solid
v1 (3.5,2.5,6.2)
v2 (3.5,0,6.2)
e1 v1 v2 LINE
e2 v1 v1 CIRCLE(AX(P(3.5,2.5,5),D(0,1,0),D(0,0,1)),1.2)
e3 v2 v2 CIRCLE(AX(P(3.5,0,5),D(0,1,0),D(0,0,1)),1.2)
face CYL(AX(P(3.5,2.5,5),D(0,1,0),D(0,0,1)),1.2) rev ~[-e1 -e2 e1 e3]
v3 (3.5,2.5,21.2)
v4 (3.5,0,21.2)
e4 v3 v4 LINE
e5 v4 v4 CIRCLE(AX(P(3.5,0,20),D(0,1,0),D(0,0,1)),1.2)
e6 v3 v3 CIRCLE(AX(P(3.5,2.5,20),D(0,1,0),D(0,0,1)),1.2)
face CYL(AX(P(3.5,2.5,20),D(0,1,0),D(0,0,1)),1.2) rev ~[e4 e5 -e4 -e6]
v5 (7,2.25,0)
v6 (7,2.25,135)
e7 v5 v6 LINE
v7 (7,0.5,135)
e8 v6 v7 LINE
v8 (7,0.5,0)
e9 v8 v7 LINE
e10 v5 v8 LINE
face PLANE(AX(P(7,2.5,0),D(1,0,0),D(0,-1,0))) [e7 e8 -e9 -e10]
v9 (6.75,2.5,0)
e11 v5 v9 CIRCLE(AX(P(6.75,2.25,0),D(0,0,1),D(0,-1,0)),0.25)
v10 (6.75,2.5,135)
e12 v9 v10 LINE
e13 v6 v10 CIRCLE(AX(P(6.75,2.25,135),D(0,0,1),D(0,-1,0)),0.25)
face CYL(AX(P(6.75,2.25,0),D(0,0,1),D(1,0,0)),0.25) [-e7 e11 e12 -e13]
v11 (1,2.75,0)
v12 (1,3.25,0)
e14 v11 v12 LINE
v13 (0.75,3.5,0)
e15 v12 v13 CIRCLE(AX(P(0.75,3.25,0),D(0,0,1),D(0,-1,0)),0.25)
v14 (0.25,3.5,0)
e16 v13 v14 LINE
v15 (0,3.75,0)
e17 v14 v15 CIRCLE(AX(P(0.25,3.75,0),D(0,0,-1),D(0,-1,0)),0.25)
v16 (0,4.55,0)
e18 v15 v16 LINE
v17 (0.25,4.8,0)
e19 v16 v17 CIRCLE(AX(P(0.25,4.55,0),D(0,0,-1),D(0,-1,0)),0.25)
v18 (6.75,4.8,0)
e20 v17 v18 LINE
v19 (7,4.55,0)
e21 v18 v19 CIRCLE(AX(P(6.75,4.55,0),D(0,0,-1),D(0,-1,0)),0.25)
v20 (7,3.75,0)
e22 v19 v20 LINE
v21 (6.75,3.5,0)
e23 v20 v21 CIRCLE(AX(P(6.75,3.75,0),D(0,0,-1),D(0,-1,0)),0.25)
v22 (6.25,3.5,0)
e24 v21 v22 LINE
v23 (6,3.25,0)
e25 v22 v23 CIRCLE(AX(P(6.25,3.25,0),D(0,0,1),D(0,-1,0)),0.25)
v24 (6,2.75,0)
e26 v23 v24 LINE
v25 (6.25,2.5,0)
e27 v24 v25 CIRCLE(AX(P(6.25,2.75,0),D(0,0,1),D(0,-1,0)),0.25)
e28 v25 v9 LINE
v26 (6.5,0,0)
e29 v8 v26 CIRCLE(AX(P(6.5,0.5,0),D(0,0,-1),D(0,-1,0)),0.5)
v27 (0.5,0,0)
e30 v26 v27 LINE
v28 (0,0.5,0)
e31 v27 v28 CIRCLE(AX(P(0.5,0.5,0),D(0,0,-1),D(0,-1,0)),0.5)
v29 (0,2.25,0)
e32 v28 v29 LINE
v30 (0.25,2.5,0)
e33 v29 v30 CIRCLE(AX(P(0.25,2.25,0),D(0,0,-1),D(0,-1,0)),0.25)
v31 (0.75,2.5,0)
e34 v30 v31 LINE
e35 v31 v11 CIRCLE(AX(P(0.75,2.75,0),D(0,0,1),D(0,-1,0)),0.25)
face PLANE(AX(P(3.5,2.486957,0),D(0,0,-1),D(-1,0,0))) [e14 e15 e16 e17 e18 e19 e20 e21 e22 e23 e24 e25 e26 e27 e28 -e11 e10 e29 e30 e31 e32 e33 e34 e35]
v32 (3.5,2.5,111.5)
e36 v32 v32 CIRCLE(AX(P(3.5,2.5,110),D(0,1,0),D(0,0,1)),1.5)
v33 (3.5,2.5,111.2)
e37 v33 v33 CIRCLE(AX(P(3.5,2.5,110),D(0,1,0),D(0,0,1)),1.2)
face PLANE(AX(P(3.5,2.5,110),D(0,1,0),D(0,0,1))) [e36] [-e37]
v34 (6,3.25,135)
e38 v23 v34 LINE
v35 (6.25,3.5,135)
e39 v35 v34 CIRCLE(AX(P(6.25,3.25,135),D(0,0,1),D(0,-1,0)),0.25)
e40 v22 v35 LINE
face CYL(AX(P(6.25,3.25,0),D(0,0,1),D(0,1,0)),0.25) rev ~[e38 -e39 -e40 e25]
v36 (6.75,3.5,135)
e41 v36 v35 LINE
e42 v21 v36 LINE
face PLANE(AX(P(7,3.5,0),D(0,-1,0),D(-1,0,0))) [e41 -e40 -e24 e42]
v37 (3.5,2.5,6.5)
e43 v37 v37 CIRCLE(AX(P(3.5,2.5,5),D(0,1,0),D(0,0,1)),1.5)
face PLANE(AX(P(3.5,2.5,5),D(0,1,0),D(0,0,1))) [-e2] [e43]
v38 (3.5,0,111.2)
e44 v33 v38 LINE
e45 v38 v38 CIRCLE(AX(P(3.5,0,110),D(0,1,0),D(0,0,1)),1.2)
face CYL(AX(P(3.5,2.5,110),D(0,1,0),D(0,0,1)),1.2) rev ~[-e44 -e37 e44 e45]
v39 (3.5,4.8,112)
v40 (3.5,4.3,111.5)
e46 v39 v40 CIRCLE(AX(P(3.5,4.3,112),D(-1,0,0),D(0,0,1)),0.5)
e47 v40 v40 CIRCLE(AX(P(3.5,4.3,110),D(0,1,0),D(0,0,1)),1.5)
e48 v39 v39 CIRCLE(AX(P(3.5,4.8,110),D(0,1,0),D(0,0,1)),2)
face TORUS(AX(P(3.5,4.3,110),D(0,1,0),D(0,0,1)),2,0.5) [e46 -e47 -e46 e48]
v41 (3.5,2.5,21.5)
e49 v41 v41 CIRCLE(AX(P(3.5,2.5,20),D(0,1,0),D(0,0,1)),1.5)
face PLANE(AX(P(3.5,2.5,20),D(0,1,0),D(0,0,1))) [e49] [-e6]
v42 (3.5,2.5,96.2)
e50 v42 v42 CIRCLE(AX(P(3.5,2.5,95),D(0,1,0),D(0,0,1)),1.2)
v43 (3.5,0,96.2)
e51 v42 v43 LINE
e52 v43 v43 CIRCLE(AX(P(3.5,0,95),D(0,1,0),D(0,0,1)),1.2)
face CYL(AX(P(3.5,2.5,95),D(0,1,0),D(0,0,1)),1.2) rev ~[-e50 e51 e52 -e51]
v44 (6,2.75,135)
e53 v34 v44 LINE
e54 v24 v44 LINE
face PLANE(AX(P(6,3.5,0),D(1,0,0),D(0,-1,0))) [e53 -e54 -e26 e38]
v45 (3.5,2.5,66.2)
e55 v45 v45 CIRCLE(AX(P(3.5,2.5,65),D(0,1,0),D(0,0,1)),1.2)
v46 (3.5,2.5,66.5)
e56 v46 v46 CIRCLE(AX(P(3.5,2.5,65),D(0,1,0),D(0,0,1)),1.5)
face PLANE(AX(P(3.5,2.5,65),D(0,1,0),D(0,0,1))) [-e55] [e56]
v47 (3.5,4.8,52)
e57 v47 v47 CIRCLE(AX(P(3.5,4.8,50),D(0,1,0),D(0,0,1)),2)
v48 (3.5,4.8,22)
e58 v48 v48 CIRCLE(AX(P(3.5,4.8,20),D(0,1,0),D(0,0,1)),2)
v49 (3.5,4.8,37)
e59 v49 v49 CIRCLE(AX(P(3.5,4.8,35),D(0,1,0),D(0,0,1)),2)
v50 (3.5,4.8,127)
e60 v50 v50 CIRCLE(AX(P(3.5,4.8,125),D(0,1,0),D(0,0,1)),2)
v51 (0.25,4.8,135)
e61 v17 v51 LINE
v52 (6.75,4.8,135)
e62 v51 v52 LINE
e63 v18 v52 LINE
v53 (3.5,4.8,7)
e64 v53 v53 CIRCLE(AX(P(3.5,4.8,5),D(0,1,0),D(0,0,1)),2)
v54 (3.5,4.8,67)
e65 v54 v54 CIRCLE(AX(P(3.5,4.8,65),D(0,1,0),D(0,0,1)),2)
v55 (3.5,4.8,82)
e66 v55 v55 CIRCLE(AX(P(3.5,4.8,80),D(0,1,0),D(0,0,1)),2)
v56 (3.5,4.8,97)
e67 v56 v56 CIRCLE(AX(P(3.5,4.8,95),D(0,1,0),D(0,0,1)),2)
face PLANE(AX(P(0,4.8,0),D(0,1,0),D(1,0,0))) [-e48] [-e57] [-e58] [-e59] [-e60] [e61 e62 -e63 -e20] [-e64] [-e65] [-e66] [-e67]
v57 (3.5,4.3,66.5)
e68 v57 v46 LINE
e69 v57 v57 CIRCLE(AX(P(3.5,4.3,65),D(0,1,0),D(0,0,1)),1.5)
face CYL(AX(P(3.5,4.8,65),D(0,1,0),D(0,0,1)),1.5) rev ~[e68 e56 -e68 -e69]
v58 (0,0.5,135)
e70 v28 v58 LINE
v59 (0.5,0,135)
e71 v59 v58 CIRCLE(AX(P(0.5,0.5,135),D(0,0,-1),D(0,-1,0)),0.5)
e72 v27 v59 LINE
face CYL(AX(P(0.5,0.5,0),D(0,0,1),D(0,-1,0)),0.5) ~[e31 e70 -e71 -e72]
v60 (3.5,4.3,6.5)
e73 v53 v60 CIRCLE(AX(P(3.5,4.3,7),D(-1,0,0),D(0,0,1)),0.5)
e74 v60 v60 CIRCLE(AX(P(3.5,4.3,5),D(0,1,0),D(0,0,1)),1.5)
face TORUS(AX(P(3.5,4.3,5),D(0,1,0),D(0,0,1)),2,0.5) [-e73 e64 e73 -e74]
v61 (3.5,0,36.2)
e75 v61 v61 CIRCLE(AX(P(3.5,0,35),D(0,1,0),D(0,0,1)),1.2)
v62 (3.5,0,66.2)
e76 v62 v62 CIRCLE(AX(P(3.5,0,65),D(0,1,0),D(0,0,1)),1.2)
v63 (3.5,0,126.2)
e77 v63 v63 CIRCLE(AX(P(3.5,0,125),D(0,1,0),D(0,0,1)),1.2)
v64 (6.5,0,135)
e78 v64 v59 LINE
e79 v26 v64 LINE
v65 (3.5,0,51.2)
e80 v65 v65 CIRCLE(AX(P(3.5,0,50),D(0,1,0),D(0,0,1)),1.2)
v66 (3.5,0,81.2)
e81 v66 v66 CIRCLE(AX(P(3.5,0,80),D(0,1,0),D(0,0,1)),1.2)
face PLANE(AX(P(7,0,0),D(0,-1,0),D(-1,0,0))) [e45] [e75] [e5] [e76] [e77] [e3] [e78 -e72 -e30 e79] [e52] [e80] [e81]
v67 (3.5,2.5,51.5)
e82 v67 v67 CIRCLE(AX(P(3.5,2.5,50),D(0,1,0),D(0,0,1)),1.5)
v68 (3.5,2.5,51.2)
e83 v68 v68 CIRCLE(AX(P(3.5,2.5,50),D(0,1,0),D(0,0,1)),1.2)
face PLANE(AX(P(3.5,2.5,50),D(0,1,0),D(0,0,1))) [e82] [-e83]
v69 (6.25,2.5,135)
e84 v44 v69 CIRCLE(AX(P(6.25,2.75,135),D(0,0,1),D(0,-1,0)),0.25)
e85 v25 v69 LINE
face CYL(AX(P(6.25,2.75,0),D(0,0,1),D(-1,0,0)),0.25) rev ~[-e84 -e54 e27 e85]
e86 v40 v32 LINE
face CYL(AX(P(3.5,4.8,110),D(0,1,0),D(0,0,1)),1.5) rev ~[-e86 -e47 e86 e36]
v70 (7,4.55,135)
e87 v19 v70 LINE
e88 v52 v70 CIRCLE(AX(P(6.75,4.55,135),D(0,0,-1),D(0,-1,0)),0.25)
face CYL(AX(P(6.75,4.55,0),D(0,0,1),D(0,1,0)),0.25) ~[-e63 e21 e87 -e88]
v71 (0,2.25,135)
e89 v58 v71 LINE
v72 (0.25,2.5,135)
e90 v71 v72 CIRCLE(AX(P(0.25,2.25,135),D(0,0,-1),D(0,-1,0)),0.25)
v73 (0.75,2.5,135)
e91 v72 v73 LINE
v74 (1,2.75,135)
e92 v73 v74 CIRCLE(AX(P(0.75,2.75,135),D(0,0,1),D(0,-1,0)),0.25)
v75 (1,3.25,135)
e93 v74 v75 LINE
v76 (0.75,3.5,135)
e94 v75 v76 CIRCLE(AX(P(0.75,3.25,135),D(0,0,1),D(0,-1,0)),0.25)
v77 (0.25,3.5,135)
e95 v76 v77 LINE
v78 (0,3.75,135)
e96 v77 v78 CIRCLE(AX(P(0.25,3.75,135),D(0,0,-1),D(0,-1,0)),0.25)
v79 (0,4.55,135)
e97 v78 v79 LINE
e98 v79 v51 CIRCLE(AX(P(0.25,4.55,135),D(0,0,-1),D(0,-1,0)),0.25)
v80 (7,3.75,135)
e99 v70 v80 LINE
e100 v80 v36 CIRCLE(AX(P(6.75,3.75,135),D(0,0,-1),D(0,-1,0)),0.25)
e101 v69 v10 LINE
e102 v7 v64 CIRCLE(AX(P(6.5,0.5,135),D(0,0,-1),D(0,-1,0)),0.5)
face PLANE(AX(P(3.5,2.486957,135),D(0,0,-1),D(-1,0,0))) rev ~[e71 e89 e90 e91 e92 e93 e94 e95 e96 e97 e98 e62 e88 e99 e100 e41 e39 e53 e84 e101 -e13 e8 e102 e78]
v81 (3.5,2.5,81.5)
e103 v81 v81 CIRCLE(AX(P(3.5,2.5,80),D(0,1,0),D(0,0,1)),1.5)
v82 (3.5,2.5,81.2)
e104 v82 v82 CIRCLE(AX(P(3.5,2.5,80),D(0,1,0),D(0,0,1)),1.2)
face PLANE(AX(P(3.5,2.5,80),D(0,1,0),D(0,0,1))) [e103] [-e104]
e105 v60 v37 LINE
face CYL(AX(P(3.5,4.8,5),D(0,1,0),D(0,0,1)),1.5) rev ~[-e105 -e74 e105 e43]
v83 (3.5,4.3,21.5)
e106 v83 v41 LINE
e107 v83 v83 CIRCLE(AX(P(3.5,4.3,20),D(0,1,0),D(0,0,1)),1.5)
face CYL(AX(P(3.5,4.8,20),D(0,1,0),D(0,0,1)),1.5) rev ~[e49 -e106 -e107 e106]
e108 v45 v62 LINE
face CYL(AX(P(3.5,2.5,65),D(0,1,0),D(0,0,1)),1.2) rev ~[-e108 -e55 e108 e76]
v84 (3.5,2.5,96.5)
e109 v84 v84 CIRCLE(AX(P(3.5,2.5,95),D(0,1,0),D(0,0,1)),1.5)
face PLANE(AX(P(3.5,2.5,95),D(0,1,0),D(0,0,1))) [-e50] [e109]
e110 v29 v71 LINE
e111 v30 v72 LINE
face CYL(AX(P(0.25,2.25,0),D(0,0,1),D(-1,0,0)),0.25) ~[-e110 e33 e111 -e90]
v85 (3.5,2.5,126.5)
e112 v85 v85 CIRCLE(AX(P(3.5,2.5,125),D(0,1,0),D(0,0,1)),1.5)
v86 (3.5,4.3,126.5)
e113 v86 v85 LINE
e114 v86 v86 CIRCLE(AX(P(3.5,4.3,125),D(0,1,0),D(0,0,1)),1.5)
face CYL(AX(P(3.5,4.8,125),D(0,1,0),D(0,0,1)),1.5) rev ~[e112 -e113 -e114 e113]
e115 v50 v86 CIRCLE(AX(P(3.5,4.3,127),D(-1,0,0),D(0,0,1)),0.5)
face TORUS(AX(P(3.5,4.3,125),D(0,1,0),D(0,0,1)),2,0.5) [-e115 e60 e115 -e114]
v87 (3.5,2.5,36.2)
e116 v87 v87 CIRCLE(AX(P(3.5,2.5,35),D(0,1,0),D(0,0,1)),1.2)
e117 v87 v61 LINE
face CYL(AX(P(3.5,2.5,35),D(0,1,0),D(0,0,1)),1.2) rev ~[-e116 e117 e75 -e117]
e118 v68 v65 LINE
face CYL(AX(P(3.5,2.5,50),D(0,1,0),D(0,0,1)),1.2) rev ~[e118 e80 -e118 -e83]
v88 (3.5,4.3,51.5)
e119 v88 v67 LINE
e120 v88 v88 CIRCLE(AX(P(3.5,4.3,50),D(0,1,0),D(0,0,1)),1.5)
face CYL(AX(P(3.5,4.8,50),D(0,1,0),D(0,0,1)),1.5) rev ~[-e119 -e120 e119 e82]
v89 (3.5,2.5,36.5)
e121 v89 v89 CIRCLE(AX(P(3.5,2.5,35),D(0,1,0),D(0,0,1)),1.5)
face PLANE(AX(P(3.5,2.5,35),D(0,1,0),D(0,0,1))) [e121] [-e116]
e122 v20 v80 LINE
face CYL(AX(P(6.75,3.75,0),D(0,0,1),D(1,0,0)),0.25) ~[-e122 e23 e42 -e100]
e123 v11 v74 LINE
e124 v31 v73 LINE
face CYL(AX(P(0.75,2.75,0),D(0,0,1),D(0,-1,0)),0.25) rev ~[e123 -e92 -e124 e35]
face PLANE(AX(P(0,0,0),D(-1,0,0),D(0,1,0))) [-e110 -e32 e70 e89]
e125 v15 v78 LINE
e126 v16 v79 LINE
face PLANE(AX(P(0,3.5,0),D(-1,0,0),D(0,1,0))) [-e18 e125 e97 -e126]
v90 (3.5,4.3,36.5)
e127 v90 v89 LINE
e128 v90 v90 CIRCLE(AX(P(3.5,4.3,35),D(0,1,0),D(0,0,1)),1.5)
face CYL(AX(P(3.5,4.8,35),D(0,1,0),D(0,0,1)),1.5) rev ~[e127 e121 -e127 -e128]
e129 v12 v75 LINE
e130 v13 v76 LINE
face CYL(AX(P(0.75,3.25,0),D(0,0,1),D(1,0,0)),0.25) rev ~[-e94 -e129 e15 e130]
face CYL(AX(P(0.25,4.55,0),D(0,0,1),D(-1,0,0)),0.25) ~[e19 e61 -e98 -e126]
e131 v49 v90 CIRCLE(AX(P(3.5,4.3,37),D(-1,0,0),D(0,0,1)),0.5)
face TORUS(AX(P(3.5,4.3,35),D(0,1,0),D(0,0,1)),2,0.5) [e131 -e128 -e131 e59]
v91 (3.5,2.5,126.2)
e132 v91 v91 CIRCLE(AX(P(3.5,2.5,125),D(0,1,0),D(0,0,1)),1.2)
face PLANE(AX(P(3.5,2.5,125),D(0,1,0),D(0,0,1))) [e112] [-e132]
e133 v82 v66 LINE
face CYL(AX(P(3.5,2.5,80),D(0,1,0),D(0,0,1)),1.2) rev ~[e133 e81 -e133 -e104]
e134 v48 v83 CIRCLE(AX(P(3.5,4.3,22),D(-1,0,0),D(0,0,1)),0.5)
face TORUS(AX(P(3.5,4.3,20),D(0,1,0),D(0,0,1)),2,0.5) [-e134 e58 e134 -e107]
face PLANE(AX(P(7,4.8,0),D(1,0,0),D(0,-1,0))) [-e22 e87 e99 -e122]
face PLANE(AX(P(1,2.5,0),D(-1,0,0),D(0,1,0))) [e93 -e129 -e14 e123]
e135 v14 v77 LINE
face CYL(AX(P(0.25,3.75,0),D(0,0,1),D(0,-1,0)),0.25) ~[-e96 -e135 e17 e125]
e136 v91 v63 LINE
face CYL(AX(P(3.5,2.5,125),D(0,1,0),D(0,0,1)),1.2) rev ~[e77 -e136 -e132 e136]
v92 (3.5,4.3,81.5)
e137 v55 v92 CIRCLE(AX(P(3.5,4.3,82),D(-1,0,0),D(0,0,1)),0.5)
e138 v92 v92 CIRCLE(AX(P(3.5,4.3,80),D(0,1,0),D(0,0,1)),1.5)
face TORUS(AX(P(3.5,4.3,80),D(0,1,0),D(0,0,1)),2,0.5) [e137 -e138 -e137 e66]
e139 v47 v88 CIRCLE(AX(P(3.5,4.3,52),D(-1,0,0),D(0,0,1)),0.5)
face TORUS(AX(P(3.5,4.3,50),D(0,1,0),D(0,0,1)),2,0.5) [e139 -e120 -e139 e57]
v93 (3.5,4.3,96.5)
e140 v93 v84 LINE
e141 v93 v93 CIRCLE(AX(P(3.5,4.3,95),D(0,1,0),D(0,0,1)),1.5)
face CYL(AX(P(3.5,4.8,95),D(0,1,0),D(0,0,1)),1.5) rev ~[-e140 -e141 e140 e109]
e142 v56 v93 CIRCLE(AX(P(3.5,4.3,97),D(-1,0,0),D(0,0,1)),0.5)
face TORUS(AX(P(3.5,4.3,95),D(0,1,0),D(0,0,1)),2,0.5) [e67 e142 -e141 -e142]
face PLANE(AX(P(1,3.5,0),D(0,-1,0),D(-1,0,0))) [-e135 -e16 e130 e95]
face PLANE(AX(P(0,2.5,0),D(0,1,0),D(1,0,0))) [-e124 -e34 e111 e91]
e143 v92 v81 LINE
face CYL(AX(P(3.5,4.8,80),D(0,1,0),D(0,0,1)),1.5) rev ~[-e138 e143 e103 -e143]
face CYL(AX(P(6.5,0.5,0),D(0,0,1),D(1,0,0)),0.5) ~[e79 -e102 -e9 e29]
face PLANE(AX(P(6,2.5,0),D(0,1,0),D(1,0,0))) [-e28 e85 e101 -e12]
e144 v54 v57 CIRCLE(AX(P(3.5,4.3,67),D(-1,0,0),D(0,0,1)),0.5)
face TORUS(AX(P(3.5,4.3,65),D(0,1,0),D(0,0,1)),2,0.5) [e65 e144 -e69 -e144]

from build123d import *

# Parameters (mm, degrees)
EXTRUDE_1_DEPTH                = 135
FILLET_1_R                     = 0.25
FILLET_2_R                     = 0.5
SKETCH_2_R                     = 1.5
CUT_EXTRUDE_1_DEPTH            = 2.3
SKETCH_3_R                     = 1.2
CUT_EXTRUDE_2_DEPTH            = 136.204474778
FILLET_3_R                     = 0.5
PATTERN_LINEAR_2_COUNT         = 9
PATTERN_LINEAR_2_PITCH         = 15
FILLET_3_OF_PATTERN_LINEAR_2_R = 0.5


with BuildPart() as part:
    # 草图1 → 凸台-拉伸1 (new body)
    with BuildSketch(Plane.XY):
        Polygon((7, 2.5), (7, 0), (0, 0), (0, 2.5), (1, 2.5), (1, 3.5), (0, 3.5), (0, 4.8), (7, 4.8), (7, 3.5), (6, 3.5), (6, 2.5), align=None)
    extrude(amount=EXTRUDE_1_DEPTH)

    # 圆角1
    fillet_1_edges = [part.edges().sort_by_distance(p)[0] for p in [
        (0, 2.5, 67.5),
        (1, 2.5, 67.5),
        (1, 3.5, 67.5),
        (0, 3.5, 67.5),
        (0, 4.8, 67.5),
        (7, 4.8, 67.5),
        (7, 3.5, 67.5),
        (6, 3.5, 67.5),
        (6, 2.5, 67.5),
        (7, 2.5, 67.5),
    ]]
    fillet(fillet_1_edges, radius=FILLET_1_R)

    # 圆角2
    fillet_2_edges = [part.edges().sort_by_distance(p)[0] for p in [
        (7, 0, 67.5),
        (0, 0, 67.5),
    ]]
    fillet(fillet_2_edges, radius=FILLET_2_R)

    # 草图2 → 切除-拉伸1 (cut)
    with BuildSketch(Plane(origin=(0, 4.8, 0), x_dir=(1, 0, 0), z_dir=(0, 1, 0))):
        with Locations(Location((3.5, -5, 0), (0, 0, 270))):
            Circle(SKETCH_2_R)
    cut_extrude_1 = extrude(amount=-CUT_EXTRUDE_1_DEPTH, mode=Mode.SUBTRACT)

    # 草图3 → 切除-拉伸2 (cut, through all)
    with BuildSketch(Plane(origin=(0, 2.5, 0), x_dir=(1, 0, 0), z_dir=(0, 1, 0))):
        with Locations(Location((3.5, -5, 0), (0, 0, 270))):
            Circle(SKETCH_3_R)
    cut_extrude_2 = extrude(amount=-CUT_EXTRUDE_2_DEPTH, mode=Mode.SUBTRACT)

    # 圆角3
    fillet_3_edges = [part.edges().sort_by_distance(p)[0] for p in [
        (3.5, 4.8, 3.5),
    ]]
    fillet(fillet_3_edges, radius=FILLET_3_R)

    # 阵列(线性)2: 切除-拉伸1, 切除-拉伸2 ×9
    with Locations(*[(0, 0, i * PATTERN_LINEAR_2_PITCH) for i in range(1, PATTERN_LINEAR_2_COUNT)]):
        add(cut_extrude_1, mode=Mode.SUBTRACT)
        add(cut_extrude_2, mode=Mode.SUBTRACT)

    # 圆角3 of 阵列(线性)2
    fillet_3_of_pattern_linear_2_edges = [part.edges().sort_by_distance(p)[0] for p in [
        (3.5, 4.8, 18.5),
        (3.5, 4.8, 33.5),
        (3.5, 4.8, 48.5),
        (3.5, 4.8, 63.5),
        (3.5, 4.8, 78.5),
        (3.5, 4.8, 93.5),
        (3.5, 4.8, 108.5),
        (3.5, 4.8, 123.5),
    ]]
    fillet(fillet_3_of_pattern_linear_2_edges, radius=FILLET_3_OF_PATTERN_LINEAR_2_R)


solid = part.part
